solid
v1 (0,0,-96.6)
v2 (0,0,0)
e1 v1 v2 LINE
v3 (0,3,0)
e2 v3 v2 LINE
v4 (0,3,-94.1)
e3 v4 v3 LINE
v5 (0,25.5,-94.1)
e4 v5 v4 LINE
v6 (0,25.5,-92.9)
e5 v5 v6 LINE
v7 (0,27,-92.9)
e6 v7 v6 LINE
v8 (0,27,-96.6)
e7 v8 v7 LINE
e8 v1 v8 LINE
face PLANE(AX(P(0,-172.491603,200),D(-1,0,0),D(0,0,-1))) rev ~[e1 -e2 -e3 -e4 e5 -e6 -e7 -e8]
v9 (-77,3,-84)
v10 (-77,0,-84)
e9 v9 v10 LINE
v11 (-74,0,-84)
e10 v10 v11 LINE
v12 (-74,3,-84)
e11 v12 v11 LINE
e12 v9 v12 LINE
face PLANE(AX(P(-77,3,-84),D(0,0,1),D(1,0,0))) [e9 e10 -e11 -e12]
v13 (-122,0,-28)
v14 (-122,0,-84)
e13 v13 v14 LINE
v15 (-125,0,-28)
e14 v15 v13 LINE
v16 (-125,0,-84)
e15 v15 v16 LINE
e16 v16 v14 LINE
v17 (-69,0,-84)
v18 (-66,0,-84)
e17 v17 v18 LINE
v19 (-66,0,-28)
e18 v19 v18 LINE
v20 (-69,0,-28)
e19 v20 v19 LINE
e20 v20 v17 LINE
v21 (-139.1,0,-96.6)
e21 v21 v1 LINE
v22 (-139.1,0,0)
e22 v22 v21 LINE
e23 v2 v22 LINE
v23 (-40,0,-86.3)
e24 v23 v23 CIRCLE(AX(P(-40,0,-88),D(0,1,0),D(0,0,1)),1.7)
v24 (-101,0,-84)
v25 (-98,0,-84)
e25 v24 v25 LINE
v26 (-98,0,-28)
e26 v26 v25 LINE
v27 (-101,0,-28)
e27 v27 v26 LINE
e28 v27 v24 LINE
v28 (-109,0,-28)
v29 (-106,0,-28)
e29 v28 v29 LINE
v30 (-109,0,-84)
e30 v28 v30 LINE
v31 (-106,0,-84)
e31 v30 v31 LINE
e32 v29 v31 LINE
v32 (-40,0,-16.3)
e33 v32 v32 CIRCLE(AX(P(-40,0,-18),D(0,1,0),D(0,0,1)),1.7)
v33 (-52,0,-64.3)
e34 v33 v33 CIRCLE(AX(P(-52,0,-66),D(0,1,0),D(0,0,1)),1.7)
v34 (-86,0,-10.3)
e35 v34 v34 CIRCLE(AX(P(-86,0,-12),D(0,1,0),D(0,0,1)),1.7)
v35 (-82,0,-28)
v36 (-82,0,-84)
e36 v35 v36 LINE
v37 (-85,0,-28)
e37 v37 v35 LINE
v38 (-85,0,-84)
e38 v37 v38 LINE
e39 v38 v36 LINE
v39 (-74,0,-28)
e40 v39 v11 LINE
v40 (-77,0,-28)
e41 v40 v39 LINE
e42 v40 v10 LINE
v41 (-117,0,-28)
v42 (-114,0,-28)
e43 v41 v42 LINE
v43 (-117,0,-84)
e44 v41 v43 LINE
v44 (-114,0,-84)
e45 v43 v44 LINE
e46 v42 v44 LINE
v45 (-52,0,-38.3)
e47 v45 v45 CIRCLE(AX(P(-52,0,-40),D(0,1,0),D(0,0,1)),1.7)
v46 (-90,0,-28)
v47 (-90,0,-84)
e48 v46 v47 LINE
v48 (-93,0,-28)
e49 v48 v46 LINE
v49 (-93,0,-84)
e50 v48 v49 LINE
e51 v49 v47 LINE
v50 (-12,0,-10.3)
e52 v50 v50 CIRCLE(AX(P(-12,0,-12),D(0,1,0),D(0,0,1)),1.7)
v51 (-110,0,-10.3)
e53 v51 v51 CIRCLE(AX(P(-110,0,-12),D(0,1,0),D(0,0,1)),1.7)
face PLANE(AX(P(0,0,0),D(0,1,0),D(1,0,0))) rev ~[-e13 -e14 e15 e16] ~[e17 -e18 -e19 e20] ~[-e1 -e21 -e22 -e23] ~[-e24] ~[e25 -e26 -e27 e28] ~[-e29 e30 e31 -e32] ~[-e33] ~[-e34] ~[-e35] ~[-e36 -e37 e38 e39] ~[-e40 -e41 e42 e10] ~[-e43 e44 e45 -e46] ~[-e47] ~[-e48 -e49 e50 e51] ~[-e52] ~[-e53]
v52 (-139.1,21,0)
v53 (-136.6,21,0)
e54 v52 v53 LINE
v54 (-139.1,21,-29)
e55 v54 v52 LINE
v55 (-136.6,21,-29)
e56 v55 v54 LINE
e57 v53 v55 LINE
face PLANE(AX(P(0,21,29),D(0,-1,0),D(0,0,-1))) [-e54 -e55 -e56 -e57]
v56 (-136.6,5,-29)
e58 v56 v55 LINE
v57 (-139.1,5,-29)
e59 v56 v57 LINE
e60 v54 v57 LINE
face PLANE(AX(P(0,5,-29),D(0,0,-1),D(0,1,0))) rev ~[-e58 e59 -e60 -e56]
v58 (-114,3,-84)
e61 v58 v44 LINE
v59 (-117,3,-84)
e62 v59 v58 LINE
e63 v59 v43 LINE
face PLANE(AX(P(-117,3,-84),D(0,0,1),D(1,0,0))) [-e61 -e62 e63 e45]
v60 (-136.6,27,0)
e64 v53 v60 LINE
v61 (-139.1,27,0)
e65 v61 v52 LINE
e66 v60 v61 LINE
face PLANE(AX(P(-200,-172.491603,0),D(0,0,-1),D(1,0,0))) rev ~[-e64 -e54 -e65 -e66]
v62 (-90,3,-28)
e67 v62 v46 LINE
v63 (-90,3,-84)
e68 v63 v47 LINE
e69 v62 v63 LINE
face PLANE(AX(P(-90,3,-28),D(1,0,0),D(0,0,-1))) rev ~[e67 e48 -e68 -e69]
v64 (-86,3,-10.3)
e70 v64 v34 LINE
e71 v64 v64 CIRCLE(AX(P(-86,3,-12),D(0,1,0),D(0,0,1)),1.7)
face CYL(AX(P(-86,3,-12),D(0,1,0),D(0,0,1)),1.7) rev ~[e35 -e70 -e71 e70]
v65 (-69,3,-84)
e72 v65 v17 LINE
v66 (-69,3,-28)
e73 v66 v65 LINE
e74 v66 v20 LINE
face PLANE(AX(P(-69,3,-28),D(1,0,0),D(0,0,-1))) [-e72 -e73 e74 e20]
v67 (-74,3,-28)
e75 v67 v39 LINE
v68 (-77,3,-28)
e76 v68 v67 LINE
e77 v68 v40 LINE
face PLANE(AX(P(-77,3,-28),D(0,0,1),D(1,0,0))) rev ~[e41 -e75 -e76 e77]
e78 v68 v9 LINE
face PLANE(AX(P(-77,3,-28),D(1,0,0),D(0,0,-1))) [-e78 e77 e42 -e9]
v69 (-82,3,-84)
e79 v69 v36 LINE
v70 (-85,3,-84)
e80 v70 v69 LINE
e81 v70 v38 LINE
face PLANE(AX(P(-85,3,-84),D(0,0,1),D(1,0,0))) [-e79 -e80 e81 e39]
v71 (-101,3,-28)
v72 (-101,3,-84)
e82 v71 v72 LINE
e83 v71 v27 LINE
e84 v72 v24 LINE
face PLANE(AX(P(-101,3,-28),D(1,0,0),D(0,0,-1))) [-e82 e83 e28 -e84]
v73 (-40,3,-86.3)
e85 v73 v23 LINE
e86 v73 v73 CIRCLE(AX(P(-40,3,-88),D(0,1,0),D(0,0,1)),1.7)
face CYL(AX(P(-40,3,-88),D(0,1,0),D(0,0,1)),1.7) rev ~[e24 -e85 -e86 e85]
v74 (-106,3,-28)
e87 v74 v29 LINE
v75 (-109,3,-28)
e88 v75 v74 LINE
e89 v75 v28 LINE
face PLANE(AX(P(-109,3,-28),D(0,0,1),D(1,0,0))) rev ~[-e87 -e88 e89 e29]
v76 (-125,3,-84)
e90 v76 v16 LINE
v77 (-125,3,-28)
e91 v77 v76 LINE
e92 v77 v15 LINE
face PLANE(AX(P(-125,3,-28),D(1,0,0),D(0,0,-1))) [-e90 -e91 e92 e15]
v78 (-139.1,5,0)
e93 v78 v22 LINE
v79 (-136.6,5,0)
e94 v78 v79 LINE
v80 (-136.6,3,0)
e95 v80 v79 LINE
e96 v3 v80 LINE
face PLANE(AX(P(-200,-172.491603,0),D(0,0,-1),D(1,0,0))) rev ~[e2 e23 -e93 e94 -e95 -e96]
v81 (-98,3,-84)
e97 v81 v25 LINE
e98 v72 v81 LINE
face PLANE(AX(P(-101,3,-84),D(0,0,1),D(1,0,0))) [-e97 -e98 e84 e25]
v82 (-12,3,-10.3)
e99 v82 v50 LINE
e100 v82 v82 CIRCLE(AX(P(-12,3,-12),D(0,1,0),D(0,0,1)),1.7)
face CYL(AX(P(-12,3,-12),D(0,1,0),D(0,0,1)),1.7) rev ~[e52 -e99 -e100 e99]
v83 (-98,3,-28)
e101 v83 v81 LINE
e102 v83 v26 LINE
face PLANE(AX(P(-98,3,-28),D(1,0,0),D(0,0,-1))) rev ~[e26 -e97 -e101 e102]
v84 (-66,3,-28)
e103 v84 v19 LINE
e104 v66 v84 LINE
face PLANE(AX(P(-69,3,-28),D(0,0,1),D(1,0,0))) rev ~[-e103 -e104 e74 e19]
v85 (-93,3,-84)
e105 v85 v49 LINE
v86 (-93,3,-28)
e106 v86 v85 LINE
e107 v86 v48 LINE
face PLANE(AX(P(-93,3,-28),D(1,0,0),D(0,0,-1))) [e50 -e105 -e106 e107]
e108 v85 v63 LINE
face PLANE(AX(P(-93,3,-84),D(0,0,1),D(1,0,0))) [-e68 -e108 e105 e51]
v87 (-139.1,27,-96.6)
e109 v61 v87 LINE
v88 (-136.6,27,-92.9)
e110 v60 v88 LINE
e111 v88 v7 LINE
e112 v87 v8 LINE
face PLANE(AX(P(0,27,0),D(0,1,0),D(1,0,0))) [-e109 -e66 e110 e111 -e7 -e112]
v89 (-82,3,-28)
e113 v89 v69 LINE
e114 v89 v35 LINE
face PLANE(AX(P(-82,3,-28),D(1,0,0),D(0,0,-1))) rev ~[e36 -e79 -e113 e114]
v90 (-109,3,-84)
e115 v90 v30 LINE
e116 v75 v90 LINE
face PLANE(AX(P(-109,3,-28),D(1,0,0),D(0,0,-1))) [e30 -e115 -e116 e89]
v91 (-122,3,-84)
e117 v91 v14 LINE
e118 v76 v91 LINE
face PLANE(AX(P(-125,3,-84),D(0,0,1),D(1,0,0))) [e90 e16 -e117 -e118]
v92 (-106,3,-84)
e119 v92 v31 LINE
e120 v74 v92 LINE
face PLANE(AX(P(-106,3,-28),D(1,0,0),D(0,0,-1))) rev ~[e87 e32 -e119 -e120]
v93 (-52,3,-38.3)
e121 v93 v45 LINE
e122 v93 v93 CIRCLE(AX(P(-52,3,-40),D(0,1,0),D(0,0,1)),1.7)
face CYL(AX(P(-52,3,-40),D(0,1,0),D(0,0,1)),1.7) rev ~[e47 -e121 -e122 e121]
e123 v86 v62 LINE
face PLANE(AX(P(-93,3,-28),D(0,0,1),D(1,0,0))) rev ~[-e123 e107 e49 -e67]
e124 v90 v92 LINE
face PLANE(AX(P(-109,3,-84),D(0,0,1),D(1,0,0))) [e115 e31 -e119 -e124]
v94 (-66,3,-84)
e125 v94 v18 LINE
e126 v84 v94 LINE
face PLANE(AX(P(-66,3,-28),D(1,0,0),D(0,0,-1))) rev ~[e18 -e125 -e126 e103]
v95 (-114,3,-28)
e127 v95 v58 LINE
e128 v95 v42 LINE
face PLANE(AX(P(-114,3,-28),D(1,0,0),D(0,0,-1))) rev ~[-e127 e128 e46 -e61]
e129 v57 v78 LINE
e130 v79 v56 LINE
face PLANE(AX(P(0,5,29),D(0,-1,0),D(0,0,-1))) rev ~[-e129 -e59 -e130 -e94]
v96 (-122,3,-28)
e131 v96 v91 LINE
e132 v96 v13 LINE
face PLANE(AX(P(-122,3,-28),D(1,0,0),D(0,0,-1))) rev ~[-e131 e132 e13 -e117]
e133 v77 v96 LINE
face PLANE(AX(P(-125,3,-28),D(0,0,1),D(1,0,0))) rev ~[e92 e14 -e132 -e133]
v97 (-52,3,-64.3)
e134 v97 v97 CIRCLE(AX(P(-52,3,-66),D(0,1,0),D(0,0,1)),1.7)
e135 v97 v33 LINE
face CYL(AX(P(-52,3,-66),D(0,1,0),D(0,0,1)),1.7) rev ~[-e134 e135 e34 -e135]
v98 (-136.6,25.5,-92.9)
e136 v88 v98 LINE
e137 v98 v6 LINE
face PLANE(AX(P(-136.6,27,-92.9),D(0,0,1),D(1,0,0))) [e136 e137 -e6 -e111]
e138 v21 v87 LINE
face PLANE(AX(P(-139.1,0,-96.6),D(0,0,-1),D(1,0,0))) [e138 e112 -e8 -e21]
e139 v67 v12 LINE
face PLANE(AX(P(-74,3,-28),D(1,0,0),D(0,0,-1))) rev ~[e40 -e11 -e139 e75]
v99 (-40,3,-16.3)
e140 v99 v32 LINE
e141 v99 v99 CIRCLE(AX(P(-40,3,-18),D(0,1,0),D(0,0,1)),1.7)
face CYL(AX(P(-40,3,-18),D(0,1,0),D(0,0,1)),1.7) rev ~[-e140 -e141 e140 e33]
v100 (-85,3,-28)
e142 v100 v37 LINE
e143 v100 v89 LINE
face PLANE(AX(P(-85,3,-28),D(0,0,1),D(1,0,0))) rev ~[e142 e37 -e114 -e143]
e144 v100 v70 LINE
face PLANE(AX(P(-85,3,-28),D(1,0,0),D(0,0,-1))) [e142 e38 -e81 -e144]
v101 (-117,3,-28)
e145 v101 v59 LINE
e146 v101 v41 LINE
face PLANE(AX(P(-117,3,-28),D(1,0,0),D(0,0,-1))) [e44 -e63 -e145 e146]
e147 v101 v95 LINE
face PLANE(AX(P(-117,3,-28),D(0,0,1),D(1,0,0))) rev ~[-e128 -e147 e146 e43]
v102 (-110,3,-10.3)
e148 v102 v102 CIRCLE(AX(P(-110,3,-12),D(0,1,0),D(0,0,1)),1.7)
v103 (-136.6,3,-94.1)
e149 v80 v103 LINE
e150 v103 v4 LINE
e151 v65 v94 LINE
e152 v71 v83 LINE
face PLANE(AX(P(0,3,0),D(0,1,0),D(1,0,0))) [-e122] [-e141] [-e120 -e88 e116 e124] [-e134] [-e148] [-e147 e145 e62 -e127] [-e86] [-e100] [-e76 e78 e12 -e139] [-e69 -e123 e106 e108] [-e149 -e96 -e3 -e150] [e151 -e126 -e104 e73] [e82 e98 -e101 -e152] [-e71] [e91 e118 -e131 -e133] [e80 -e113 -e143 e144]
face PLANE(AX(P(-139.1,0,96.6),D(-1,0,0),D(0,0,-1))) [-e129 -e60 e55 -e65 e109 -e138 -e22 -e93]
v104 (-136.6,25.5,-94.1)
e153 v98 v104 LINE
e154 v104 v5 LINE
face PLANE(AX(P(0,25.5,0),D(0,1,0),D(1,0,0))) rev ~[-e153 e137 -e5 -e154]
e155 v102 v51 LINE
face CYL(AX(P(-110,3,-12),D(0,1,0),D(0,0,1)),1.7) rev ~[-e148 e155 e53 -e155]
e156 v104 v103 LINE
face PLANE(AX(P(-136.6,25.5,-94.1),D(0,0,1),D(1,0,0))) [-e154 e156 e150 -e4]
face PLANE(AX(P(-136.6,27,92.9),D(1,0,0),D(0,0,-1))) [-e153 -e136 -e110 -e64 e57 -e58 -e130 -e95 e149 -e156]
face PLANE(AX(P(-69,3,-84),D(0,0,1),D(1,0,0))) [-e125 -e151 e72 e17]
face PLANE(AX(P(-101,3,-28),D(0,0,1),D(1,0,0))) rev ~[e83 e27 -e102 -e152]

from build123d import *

# Parameters (mm, degrees)
SKETCH1_W                     = 278.2
SKETCH1_H                     = 193.2
SHELL_BLOCK_DEPTH             = 27
SKETCH2_W                     = 273.2
SKETCH2_H                     = 185.8
FRONT_OPENING_DEPTH           = 1.5
SKETCH3_W                     = 273.2
SKETCH3_H                     = 188.2
DISPLAY_POCKET_DEPTH          = 22.5
SKETCH4_W                     = 3
SKETCH4_H                     = 56
VENT_SLOTS_DEPTH              = 4
SKETCH5_W                     = 58
SKETCH5_H                     = 16
CABLE_EXIT_X_SHORT_SIDE_DEPTH = 140.1
SKETCH6_R                     = 1.7
BOLT_HOLES_DEPTH              = 4
KEEP_ONE_HALF_X_DEPTH         = 172.491603293
KEEP_ONE_HALF_X_DEPTH_BACK    = 172.491603293
SKETCH7_W                     = 200
SKETCH7_H                     = 400
KEEP_ONE_QUARTER_Z_DEPTH      = 172.491603293
KEEP_ONE_QUARTER_Z_DEPTH_BACK = 172.491603293
SKETCH8_W                     = 400
SKETCH8_H                     = 200


with BuildPart() as part:
    # Sketch1 → Shell Block (new body)
    with BuildSketch(Plane(origin=(0, 0, 0), x_dir=(1, 0, 0), z_dir=(0, 1, 0))):
        Rectangle(SKETCH1_W, SKETCH1_H)
    extrude(amount=SHELL_BLOCK_DEPTH)

    # Sketch2 → Front Opening (cut)
    with BuildSketch(Plane(origin=(0, 27, 0), x_dir=(1, 0, 0), z_dir=(0, 1, 0))):
        Rectangle(SKETCH2_W, SKETCH2_H)
    extrude(amount=-FRONT_OPENING_DEPTH, mode=Mode.SUBTRACT)

    # Sketch3 → Display Pocket (cut)
    with BuildSketch(Plane(origin=(0, 25.5, 0), x_dir=(1, 0, 0), z_dir=(0, 1, 0))):
        Rectangle(SKETCH3_W, SKETCH3_H)
    extrude(amount=-DISPLAY_POCKET_DEPTH, mode=Mode.SUBTRACT)

    # Sketch4 → Vent Slots (cut)
    with BuildSketch(Plane(origin=(0, 3, 0), x_dir=(1, 0, 0), z_dir=(0, 1, 0))):
        with Locations((-67.5, 56)):
            Rectangle(SKETCH4_W, SKETCH4_H)
        with Locations((-67.5, -56)):
            Rectangle(SKETCH4_W, SKETCH4_H)
        with Locations((-75.5, 56)):
            Rectangle(SKETCH4_W, SKETCH4_H)
        with Locations((-75.5, -56)):
            Rectangle(SKETCH4_W, SKETCH4_H)
        with Locations((-83.5, 56)):
            Rectangle(SKETCH4_W, SKETCH4_H)
        with Locations((-83.5, -56)):
            Rectangle(SKETCH4_W, SKETCH4_H)
        with Locations((-91.5, 56)):
            Rectangle(SKETCH4_W, SKETCH4_H)
        with Locations((-91.5, -56)):
            Rectangle(SKETCH4_W, SKETCH4_H)
        with Locations((-99.5, 56)):
            Rectangle(SKETCH4_W, SKETCH4_H)
        with Locations((-99.5, -56)):
            Rectangle(SKETCH4_W, SKETCH4_H)
        with Locations((-107.5, 56)):
            Rectangle(SKETCH4_W, SKETCH4_H)
        with Locations((-107.5, -56)):
            Rectangle(SKETCH4_W, SKETCH4_H)
        with Locations((-115.5, 56)):
            Rectangle(SKETCH4_W, SKETCH4_H)
        with Locations((-115.5, -56)):
            Rectangle(SKETCH4_W, SKETCH4_H)
        with Locations((-123.5, 56)):
            Rectangle(SKETCH4_W, SKETCH4_H)
        with Locations((-123.5, -56)):
            Rectangle(SKETCH4_W, SKETCH4_H)
    extrude(amount=-VENT_SLOTS_DEPTH, mode=Mode.SUBTRACT)

    # Sketch5 → Cable Exit (-X short side) (cut)
    with BuildSketch(Plane(origin=(0, 0, 0), x_dir=(0, 0, -1), z_dir=(1, 0, 0))):
        with Locations((0, 13)):
            Rectangle(SKETCH5_W, SKETCH5_H)
    extrude(amount=-CABLE_EXIT_X_SHORT_SIDE_DEPTH, mode=Mode.SUBTRACT)

    # Sketch6 → Bolt Holes (cut)
    with BuildSketch(Plane(origin=(0, 3, 0), x_dir=(1, 0, 0), z_dir=(0, 1, 0))):
        with Locations(Location((-40, 18, 0), (0, 0, 270))):
            Circle(SKETCH6_R)
        with Locations(Location((-40, 88, 0), (0, 0, 270))):
            Circle(SKETCH6_R)
        with Locations(Location((40, 18, 0), (0, 0, 270))):
            Circle(SKETCH6_R)
        with Locations(Location((40, 88, 0), (0, 0, 270))):
            Circle(SKETCH6_R)
        with Locations(Location((-52, 40, 0), (0, 0, 270))):
            Circle(SKETCH6_R)
        with Locations(Location((-52, 66, 0), (0, 0, 270))):
            Circle(SKETCH6_R)
        with Locations(Location((52, 40, 0), (0, 0, 270))):
            Circle(SKETCH6_R)
        with Locations(Location((52, 66, 0), (0, 0, 270))):
            Circle(SKETCH6_R)
        with Locations(Location((-12, -82, 0), (0, 0, 270))):
            Circle(SKETCH6_R)
        with Locations(Location((12, -82, 0), (0, 0, 270))):
            Circle(SKETCH6_R)
        with Locations(Location((124, -12, 0), (0, 0, 270))):
            Circle(SKETCH6_R)
        with Locations(Location((124, 12, 0), (0, 0, 270))):
            Circle(SKETCH6_R)
        with Locations(Location((-12, -12, 0), (0, 0, 270))):
            Circle(SKETCH6_R)
        with Locations(Location((-12, 12, 0), (0, 0, 270))):
            Circle(SKETCH6_R)
        with Locations(Location((12, -12, 0), (0, 0, 270))):
            Circle(SKETCH6_R)
        with Locations(Location((12, 12, 0), (0, 0, 270))):
            Circle(SKETCH6_R)
        with Locations(Location((-110, 12, 0), (0, 0, 270))):
            Circle(SKETCH6_R)
        with Locations(Location((-110, -12, 0), (0, 0, 270))):
            Circle(SKETCH6_R)
        with Locations(Location((-86, 12, 0), (0, 0, 270))):
            Circle(SKETCH6_R)
        with Locations(Location((-86, -12, 0), (0, 0, 270))):
            Circle(SKETCH6_R)
    extrude(amount=-BOLT_HOLES_DEPTH, mode=Mode.SUBTRACT)

    # Sketch7 → Keep one half (X) (cut, two sides: drawn at the far end of the back side and taken through both)
    with BuildSketch(Plane(origin=(0, 0, 0), x_dir=(1, 0, 0), z_dir=(0, 1, 0)).offset(-KEEP_ONE_HALF_X_DEPTH_BACK)):
        with Locations((100, 0)):
            Rectangle(SKETCH7_W, SKETCH7_H)
    extrude(amount=KEEP_ONE_HALF_X_DEPTH + KEEP_ONE_HALF_X_DEPTH_BACK, mode=Mode.SUBTRACT)

    # Sketch8 → Keep one quarter (Z) (cut, two sides: drawn at the far end of the back side and taken through both)
    with BuildSketch(Plane(origin=(0, 0, 0), x_dir=(1, 0, 0), z_dir=(0, 1, 0)).offset(-KEEP_ONE_QUARTER_Z_DEPTH_BACK)):
        with Locations((0, -100)):
            Rectangle(SKETCH8_W, SKETCH8_H)
    extrude(amount=KEEP_ONE_QUARTER_Z_DEPTH + KEEP_ONE_QUARTER_Z_DEPTH_BACK, mode=Mode.SUBTRACT)


solid = part.part
